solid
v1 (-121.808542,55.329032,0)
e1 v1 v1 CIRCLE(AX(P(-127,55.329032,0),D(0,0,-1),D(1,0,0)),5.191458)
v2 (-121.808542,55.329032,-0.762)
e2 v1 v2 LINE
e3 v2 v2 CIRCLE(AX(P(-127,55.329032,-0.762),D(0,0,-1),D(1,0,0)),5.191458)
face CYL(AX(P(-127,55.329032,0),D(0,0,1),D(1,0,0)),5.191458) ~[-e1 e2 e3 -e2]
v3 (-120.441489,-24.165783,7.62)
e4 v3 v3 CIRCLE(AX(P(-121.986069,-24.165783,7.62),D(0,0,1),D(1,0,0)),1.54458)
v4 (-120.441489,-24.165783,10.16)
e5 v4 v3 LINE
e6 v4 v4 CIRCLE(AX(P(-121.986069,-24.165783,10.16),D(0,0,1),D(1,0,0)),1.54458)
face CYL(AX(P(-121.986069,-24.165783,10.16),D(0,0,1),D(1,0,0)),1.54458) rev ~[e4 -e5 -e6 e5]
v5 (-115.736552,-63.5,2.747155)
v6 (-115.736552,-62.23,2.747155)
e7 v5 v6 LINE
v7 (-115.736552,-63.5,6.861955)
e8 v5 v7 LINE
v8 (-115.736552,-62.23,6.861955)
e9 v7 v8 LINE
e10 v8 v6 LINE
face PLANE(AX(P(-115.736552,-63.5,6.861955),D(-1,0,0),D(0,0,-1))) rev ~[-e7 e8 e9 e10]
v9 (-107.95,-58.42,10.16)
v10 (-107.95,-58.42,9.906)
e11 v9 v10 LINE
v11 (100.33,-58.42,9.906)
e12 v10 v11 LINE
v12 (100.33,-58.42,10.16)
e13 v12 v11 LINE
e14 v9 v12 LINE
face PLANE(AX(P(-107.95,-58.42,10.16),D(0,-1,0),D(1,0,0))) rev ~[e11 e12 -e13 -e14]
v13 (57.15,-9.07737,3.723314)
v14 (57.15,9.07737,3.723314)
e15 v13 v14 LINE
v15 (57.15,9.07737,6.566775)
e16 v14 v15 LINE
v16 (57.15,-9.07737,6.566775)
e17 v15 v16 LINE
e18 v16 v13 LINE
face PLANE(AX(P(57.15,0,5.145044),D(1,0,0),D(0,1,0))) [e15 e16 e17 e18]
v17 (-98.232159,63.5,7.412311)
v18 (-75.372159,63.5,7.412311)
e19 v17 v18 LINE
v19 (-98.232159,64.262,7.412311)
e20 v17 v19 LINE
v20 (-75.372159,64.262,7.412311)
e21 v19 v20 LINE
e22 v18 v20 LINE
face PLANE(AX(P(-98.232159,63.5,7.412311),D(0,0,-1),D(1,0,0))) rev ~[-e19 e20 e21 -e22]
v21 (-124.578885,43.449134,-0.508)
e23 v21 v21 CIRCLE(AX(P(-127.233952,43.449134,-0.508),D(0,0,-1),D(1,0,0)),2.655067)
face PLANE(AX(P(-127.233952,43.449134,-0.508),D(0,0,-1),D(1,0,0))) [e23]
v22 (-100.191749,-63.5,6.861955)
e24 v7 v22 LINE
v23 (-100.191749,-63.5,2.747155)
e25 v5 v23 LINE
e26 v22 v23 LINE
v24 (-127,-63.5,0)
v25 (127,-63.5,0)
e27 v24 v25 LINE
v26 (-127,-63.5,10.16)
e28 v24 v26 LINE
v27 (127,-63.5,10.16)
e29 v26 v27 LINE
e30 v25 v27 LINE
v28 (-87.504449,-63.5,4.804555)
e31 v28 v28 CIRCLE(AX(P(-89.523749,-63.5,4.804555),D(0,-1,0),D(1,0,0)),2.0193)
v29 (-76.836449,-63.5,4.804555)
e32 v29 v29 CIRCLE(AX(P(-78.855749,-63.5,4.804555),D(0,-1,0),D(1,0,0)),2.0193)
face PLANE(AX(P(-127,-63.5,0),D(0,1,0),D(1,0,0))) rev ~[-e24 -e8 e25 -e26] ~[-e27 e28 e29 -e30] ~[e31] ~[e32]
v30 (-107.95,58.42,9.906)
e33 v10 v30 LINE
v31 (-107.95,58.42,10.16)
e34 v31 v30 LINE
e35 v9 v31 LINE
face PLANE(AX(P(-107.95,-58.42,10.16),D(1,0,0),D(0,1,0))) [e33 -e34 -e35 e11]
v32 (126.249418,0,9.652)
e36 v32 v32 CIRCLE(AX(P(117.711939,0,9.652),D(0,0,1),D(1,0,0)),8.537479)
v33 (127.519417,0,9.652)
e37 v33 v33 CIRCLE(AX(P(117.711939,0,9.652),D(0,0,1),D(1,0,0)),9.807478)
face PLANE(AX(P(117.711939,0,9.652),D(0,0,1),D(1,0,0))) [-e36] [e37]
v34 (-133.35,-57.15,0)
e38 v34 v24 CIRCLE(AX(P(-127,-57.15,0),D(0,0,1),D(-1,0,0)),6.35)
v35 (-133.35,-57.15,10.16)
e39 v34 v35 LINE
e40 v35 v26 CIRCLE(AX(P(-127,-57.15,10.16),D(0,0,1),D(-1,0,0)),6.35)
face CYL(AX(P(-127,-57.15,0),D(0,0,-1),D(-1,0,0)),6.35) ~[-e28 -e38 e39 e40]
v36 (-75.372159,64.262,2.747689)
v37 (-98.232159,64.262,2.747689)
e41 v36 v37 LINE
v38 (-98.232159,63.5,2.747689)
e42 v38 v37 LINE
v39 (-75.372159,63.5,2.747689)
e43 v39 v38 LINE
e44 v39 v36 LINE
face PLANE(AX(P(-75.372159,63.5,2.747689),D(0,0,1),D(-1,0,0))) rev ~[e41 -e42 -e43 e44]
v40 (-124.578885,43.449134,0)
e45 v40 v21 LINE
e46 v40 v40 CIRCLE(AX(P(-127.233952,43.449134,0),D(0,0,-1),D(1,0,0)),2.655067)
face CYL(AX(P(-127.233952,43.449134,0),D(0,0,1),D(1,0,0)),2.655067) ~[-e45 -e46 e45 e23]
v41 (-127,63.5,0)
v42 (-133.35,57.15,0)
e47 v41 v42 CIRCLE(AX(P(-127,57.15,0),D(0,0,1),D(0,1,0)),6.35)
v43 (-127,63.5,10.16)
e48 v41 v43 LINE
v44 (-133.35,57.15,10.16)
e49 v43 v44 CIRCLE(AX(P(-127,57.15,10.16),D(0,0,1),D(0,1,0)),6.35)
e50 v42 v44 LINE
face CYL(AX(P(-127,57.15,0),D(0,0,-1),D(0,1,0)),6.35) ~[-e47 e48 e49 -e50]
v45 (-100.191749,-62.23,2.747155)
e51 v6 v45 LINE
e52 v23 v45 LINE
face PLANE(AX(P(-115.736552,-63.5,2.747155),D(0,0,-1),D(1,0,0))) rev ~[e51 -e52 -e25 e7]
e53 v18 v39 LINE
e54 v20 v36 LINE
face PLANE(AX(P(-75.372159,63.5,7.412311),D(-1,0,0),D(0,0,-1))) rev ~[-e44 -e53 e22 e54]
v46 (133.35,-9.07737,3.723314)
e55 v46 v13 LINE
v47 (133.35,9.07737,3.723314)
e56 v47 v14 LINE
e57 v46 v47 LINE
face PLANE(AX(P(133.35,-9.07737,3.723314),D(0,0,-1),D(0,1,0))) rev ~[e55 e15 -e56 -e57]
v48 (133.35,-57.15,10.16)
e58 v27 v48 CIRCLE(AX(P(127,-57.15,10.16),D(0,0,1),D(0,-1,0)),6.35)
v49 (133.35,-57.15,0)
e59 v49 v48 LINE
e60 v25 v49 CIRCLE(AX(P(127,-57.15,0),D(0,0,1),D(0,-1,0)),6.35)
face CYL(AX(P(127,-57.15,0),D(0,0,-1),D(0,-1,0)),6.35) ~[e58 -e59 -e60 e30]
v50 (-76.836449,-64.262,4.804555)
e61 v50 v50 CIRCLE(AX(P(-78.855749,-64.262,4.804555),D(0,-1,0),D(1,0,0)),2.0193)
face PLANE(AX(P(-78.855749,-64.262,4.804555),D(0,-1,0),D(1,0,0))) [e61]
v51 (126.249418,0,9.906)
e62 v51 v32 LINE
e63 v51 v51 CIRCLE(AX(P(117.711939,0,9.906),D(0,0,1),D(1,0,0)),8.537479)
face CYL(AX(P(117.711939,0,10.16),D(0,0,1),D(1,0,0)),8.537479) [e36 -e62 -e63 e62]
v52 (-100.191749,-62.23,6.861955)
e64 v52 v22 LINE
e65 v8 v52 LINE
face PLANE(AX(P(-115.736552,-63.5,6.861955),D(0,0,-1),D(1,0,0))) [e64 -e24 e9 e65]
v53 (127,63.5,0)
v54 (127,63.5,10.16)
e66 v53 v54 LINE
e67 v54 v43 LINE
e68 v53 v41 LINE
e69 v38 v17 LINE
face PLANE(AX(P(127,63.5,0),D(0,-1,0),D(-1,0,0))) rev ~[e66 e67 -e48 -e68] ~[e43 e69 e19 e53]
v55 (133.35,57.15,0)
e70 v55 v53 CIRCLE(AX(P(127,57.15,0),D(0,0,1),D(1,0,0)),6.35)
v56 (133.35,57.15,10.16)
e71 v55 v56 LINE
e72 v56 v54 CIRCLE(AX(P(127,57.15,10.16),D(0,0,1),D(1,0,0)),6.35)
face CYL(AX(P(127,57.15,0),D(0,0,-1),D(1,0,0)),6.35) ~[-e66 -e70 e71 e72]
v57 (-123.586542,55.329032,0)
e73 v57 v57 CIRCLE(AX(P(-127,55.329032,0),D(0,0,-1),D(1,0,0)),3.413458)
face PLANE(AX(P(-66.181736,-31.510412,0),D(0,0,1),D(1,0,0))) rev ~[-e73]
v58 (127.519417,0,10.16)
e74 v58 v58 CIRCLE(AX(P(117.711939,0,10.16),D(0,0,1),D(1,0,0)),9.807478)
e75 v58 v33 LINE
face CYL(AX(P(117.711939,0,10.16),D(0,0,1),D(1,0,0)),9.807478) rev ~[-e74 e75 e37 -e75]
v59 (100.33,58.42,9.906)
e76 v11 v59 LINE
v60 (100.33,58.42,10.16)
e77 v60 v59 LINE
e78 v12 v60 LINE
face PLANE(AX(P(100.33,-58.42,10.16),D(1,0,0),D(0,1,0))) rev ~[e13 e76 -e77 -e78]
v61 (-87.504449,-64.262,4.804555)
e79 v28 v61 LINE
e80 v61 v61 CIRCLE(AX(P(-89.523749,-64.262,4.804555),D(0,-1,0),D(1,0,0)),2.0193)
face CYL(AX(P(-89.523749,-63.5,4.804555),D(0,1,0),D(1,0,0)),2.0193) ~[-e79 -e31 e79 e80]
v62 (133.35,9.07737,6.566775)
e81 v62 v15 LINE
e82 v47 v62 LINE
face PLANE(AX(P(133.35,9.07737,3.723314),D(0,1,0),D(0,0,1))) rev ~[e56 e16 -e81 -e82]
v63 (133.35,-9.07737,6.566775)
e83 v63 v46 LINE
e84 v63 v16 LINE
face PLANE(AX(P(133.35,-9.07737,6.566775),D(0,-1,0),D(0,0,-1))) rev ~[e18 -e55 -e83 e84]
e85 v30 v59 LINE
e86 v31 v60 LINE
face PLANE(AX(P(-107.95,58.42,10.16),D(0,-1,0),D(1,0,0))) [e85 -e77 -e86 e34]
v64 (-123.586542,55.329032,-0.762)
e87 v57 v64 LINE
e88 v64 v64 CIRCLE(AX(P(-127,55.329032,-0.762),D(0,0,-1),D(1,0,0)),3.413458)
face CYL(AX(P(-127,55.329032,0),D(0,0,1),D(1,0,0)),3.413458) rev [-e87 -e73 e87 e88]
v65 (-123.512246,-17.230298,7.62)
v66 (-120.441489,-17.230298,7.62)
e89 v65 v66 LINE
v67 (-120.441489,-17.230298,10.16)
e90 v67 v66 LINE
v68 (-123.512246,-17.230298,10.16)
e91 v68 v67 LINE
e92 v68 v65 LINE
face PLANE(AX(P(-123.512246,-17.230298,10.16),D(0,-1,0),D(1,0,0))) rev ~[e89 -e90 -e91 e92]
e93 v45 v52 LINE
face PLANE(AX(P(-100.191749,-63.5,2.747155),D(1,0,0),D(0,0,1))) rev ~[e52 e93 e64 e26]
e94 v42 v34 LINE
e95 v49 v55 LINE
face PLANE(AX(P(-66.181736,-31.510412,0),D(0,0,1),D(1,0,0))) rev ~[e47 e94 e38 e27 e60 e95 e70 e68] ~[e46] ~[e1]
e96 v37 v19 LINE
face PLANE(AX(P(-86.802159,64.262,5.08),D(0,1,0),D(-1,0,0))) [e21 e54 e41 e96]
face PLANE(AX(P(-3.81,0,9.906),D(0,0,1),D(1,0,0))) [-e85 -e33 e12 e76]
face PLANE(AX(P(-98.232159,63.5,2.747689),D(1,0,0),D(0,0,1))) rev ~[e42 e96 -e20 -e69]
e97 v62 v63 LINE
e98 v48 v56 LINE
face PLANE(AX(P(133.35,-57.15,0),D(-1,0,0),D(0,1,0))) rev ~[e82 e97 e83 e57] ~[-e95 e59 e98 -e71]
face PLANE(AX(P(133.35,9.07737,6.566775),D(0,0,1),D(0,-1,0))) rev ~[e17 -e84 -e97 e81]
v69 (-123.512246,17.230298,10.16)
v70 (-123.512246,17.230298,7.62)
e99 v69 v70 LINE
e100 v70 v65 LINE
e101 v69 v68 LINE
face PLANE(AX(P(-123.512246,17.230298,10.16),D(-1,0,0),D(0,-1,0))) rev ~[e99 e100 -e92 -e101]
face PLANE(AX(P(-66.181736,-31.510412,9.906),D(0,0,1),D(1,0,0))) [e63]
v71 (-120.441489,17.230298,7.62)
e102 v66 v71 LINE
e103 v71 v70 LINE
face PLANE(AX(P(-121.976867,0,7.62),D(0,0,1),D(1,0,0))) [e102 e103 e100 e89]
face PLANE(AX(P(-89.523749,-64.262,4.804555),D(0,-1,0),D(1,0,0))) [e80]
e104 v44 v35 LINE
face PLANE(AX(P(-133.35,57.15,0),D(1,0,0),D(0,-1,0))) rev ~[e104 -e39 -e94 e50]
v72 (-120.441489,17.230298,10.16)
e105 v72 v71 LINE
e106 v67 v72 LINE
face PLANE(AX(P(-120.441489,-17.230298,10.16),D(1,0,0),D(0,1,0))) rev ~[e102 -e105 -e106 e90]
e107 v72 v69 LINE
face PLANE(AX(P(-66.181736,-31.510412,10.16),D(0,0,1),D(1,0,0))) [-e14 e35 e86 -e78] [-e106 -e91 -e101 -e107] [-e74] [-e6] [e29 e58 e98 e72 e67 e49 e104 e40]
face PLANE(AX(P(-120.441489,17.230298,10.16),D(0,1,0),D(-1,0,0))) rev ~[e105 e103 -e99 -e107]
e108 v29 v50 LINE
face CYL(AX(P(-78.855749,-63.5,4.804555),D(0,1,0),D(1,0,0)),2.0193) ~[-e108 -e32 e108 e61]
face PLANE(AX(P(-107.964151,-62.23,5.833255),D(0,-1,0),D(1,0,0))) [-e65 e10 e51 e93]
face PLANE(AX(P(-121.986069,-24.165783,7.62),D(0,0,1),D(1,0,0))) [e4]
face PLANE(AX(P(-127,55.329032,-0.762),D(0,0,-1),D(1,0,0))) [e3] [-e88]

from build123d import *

# Parameters (mm, degrees)
F1_DEPTH  = 10.16
F2_W      = 208.28
F2_H      = 116.84
F3_DEPTH  = 0.254
F4_R      = 9.807477688
F4_R_2    = 8.537478745
F5_DEPTH  = 0.508
F6_DEPTH  = 0.254
F7_W      = 15.5448025422
F7_H      = 2.0574
F8_DEPTH  = 1.27
F9_DEPTH  = 0.254
F10_R     = 2.0193
F11_DEPTH = 0.762
F13_DEPTH = 2.54
F14_R     = 1.5445798635
F15_DEPTH = 2.54
F17_DEPTH = 76.2
F19_DEPTH = 0.762
F20_R     = 5.191457902
F20_R_2   = 3.4134577513
F21_DEPTH = 0.762
F22_DEPTH = 0.762
F23_R     = 2.6550671555
F24_DEPTH = 0.508


with BuildPart() as f1:
    # F0 (on Top) → F1 (new body)
    with BuildSketch(Plane.XY):
        with BuildLine():
            Line((-133.35, 0), (-133.35, -50.8))
            Line((-133.35, -50.8), (-133.35, -57.15))
            ThreePointArc((-133.35, -57.15), (-131.4901280605, -61.6401280605), (-127, -63.5))
            Line((-127, -63.5), (-120.65, -63.5))
            Line((-120.65, -63.5), (0, -63.5))
            Line((0, -63.5), (0, 0))
            Line((0, 0), (-133.35, 0))
        make_face()
        with BuildLine():
            Line((-133.35, 50.8), (-133.35, 0))
            Line((-133.35, 0), (0, 0))
            Line((0, 0), (0, 63.5))
            Line((0, 63.5), (-120.65, 63.5))
            Line((-120.65, 63.5), (-127, 63.5))
            ThreePointArc((-127, 63.5), (-131.4901280605, 61.6401280605), (-133.35, 57.15))
            Line((-133.35, 57.15), (-133.35, 50.8))
        make_face()
        with BuildLine():
            Line((0, 63.5), (0, 0))
            Line((0, 0), (0, -63.5))
            Line((0, -63.5), (120.65, -63.5))
            Line((120.65, -63.5), (127, -63.5))
            ThreePointArc((127, -63.5), (131.4901280605, -61.6401280605), (133.35, -57.15))
            Line((133.35, -57.15), (133.35, -50.8))
            Line((133.35, -50.8), (133.35, 50.8))
            Line((133.35, 50.8), (133.35, 57.15))
            ThreePointArc((133.35, 57.15), (131.4901280605, 61.6401280605), (127, 63.5))
            Line((127, 63.5), (120.65, 63.5))
            Line((120.65, 63.5), (0, 63.5))
        make_face()
    extrude(amount=F1_DEPTH)

    # F2 (on face) → F3 (cut)
    with BuildSketch(Plane.XY.offset(10.16)):
        with Locations((-3.81, 0)):
            Rectangle(F2_W, F2_H)
    extrude(amount=-F3_DEPTH, mode=Mode.SUBTRACT)

    # F4 (on face) → F5 (cut)
    with BuildSketch(Plane.XY.offset(10.16)):
        with Locations((117.7119389176, 0)):
            Circle(F4_R)
        with Locations((117.7119389176, 0)):
            Circle(F4_R_2, mode=Mode.SUBTRACT)
    extrude(amount=-F5_DEPTH, mode=Mode.SUBTRACT)

    # F6 (cut): a face of the model
    f6_faces = [f1.faces().sort_by_distance(p)[0] for p in [
        (117.7119389176, 0, 10.16),
    ]]
    extrude(f6_faces, amount=-F6_DEPTH, mode=Mode.SUBTRACT)

    # F7 (on face) → F8 (cut)
    with BuildSketch(Plane.XZ.offset(63.5)):
        with Locations((-107.9641506076, 5.8332554431)):
            Rectangle(F7_W, F7_H)
        with Locations((-107.9641506076, 3.7758554431)):
            Rectangle(F7_W, F7_H)
    extrude(amount=-F8_DEPTH, mode=Mode.SUBTRACT)

    # F7 (on face) → F9 (cut)
    with BuildSketch(Plane.XZ.offset(63.5)):
        with Locations((-107.9641506076, 5.8332554431)):
            Rectangle(F7_W, F7_H)
    extrude(amount=-F9_DEPTH, mode=Mode.SUBTRACT)

    # F10 (on face) → F11 (join)
    with BuildSketch(Plane.XZ.offset(63.5)):
        with Locations((-78.8557493365, 4.8045554431)):
            Circle(F10_R)
        with Locations((-89.5237493365, 4.8045554431)):
            Circle(F10_R)
    extrude(amount=F11_DEPTH)

    # F12 (on face) → F13 (cut)
    with BuildSketch(Plane.XY.offset(10.16)):
        Polygon((-120.4414889216, 17.2302983701), (-123.5122457147, 17.2302983701), (-123.5122457147, 0), (-123.5122457147, -17.2302983701), (-120.4414889216, -17.2302983701), (-120.4414889216, 0), align=None)
    extrude(amount=-F13_DEPTH, mode=Mode.SUBTRACT)

    # F14 (on face) → F15 (cut)
    with BuildSketch(Plane.XY.offset(10.16)):
        with Locations((-121.9860687852, -24.1657830775)):
            Circle(F14_R)
    extrude(amount=-F15_DEPTH, mode=Mode.SUBTRACT)

    # F16 (on face) → F17 (cut)
    with BuildSketch(Plane.YZ.offset(133.35)):
        Polygon((-9.0773701668, 3.7233135663), (0, 3.7233135663), (9.0773701668, 3.7233135663), (9.0773701668, 6.5667750314), (0, 6.5667750314), (-9.0773701668, 6.5667750314), align=None)
    extrude(amount=-F17_DEPTH, mode=Mode.SUBTRACT)

    # F18 (on face) → F19 (join)
    with BuildSketch(Plane(origin=(0, 63.5, 0), x_dir=(-1, 0, 0), z_dir=(0, 1, 0))):
        Polygon((98.232159481, 7.4123111553), (75.372159481, 7.4123111553), (75.372159481, 5.08), (75.372159481, 2.7476888447), (91.6486978531, 2.7476888447), (98.232159481, 2.7476888447), (98.232159481, 5.08), align=None)
    extrude(amount=F19_DEPTH)

    # F20 (on face) → F21 (join)
    with BuildSketch(Plane(origin=(0, 0, 0), x_dir=(1, 0, 0), z_dir=(0, 0, -1))):
        with Locations((-127, -55.3290322423)):
            Circle(F20_R)
        with Locations((-127, -55.3290322423)):
            Circle(F20_R_2, mode=Mode.SUBTRACT)
    extrude(amount=F21_DEPTH)

    # F20 (on face) → F22 (join)
    with BuildSketch(Plane(origin=(0, 0, 0), x_dir=(1, 0, 0), z_dir=(0, 0, -1))):
        with Locations((-127, -55.3290322423)):
            Circle(F20_R)
        with Locations((-127, -55.3290322423)):
            Circle(F20_R_2, mode=Mode.SUBTRACT)
    extrude(amount=F22_DEPTH)

    # F23 (on face) → F24 (join)
    with BuildSketch(Plane(origin=(0, 0, 0), x_dir=(1, 0, 0), z_dir=(0, 0, -1))):
        with Locations((-127.2339522839, -43.4491336346)):
            Circle(F23_R)
    extrude(amount=F24_DEPTH)


solid = f1.part
